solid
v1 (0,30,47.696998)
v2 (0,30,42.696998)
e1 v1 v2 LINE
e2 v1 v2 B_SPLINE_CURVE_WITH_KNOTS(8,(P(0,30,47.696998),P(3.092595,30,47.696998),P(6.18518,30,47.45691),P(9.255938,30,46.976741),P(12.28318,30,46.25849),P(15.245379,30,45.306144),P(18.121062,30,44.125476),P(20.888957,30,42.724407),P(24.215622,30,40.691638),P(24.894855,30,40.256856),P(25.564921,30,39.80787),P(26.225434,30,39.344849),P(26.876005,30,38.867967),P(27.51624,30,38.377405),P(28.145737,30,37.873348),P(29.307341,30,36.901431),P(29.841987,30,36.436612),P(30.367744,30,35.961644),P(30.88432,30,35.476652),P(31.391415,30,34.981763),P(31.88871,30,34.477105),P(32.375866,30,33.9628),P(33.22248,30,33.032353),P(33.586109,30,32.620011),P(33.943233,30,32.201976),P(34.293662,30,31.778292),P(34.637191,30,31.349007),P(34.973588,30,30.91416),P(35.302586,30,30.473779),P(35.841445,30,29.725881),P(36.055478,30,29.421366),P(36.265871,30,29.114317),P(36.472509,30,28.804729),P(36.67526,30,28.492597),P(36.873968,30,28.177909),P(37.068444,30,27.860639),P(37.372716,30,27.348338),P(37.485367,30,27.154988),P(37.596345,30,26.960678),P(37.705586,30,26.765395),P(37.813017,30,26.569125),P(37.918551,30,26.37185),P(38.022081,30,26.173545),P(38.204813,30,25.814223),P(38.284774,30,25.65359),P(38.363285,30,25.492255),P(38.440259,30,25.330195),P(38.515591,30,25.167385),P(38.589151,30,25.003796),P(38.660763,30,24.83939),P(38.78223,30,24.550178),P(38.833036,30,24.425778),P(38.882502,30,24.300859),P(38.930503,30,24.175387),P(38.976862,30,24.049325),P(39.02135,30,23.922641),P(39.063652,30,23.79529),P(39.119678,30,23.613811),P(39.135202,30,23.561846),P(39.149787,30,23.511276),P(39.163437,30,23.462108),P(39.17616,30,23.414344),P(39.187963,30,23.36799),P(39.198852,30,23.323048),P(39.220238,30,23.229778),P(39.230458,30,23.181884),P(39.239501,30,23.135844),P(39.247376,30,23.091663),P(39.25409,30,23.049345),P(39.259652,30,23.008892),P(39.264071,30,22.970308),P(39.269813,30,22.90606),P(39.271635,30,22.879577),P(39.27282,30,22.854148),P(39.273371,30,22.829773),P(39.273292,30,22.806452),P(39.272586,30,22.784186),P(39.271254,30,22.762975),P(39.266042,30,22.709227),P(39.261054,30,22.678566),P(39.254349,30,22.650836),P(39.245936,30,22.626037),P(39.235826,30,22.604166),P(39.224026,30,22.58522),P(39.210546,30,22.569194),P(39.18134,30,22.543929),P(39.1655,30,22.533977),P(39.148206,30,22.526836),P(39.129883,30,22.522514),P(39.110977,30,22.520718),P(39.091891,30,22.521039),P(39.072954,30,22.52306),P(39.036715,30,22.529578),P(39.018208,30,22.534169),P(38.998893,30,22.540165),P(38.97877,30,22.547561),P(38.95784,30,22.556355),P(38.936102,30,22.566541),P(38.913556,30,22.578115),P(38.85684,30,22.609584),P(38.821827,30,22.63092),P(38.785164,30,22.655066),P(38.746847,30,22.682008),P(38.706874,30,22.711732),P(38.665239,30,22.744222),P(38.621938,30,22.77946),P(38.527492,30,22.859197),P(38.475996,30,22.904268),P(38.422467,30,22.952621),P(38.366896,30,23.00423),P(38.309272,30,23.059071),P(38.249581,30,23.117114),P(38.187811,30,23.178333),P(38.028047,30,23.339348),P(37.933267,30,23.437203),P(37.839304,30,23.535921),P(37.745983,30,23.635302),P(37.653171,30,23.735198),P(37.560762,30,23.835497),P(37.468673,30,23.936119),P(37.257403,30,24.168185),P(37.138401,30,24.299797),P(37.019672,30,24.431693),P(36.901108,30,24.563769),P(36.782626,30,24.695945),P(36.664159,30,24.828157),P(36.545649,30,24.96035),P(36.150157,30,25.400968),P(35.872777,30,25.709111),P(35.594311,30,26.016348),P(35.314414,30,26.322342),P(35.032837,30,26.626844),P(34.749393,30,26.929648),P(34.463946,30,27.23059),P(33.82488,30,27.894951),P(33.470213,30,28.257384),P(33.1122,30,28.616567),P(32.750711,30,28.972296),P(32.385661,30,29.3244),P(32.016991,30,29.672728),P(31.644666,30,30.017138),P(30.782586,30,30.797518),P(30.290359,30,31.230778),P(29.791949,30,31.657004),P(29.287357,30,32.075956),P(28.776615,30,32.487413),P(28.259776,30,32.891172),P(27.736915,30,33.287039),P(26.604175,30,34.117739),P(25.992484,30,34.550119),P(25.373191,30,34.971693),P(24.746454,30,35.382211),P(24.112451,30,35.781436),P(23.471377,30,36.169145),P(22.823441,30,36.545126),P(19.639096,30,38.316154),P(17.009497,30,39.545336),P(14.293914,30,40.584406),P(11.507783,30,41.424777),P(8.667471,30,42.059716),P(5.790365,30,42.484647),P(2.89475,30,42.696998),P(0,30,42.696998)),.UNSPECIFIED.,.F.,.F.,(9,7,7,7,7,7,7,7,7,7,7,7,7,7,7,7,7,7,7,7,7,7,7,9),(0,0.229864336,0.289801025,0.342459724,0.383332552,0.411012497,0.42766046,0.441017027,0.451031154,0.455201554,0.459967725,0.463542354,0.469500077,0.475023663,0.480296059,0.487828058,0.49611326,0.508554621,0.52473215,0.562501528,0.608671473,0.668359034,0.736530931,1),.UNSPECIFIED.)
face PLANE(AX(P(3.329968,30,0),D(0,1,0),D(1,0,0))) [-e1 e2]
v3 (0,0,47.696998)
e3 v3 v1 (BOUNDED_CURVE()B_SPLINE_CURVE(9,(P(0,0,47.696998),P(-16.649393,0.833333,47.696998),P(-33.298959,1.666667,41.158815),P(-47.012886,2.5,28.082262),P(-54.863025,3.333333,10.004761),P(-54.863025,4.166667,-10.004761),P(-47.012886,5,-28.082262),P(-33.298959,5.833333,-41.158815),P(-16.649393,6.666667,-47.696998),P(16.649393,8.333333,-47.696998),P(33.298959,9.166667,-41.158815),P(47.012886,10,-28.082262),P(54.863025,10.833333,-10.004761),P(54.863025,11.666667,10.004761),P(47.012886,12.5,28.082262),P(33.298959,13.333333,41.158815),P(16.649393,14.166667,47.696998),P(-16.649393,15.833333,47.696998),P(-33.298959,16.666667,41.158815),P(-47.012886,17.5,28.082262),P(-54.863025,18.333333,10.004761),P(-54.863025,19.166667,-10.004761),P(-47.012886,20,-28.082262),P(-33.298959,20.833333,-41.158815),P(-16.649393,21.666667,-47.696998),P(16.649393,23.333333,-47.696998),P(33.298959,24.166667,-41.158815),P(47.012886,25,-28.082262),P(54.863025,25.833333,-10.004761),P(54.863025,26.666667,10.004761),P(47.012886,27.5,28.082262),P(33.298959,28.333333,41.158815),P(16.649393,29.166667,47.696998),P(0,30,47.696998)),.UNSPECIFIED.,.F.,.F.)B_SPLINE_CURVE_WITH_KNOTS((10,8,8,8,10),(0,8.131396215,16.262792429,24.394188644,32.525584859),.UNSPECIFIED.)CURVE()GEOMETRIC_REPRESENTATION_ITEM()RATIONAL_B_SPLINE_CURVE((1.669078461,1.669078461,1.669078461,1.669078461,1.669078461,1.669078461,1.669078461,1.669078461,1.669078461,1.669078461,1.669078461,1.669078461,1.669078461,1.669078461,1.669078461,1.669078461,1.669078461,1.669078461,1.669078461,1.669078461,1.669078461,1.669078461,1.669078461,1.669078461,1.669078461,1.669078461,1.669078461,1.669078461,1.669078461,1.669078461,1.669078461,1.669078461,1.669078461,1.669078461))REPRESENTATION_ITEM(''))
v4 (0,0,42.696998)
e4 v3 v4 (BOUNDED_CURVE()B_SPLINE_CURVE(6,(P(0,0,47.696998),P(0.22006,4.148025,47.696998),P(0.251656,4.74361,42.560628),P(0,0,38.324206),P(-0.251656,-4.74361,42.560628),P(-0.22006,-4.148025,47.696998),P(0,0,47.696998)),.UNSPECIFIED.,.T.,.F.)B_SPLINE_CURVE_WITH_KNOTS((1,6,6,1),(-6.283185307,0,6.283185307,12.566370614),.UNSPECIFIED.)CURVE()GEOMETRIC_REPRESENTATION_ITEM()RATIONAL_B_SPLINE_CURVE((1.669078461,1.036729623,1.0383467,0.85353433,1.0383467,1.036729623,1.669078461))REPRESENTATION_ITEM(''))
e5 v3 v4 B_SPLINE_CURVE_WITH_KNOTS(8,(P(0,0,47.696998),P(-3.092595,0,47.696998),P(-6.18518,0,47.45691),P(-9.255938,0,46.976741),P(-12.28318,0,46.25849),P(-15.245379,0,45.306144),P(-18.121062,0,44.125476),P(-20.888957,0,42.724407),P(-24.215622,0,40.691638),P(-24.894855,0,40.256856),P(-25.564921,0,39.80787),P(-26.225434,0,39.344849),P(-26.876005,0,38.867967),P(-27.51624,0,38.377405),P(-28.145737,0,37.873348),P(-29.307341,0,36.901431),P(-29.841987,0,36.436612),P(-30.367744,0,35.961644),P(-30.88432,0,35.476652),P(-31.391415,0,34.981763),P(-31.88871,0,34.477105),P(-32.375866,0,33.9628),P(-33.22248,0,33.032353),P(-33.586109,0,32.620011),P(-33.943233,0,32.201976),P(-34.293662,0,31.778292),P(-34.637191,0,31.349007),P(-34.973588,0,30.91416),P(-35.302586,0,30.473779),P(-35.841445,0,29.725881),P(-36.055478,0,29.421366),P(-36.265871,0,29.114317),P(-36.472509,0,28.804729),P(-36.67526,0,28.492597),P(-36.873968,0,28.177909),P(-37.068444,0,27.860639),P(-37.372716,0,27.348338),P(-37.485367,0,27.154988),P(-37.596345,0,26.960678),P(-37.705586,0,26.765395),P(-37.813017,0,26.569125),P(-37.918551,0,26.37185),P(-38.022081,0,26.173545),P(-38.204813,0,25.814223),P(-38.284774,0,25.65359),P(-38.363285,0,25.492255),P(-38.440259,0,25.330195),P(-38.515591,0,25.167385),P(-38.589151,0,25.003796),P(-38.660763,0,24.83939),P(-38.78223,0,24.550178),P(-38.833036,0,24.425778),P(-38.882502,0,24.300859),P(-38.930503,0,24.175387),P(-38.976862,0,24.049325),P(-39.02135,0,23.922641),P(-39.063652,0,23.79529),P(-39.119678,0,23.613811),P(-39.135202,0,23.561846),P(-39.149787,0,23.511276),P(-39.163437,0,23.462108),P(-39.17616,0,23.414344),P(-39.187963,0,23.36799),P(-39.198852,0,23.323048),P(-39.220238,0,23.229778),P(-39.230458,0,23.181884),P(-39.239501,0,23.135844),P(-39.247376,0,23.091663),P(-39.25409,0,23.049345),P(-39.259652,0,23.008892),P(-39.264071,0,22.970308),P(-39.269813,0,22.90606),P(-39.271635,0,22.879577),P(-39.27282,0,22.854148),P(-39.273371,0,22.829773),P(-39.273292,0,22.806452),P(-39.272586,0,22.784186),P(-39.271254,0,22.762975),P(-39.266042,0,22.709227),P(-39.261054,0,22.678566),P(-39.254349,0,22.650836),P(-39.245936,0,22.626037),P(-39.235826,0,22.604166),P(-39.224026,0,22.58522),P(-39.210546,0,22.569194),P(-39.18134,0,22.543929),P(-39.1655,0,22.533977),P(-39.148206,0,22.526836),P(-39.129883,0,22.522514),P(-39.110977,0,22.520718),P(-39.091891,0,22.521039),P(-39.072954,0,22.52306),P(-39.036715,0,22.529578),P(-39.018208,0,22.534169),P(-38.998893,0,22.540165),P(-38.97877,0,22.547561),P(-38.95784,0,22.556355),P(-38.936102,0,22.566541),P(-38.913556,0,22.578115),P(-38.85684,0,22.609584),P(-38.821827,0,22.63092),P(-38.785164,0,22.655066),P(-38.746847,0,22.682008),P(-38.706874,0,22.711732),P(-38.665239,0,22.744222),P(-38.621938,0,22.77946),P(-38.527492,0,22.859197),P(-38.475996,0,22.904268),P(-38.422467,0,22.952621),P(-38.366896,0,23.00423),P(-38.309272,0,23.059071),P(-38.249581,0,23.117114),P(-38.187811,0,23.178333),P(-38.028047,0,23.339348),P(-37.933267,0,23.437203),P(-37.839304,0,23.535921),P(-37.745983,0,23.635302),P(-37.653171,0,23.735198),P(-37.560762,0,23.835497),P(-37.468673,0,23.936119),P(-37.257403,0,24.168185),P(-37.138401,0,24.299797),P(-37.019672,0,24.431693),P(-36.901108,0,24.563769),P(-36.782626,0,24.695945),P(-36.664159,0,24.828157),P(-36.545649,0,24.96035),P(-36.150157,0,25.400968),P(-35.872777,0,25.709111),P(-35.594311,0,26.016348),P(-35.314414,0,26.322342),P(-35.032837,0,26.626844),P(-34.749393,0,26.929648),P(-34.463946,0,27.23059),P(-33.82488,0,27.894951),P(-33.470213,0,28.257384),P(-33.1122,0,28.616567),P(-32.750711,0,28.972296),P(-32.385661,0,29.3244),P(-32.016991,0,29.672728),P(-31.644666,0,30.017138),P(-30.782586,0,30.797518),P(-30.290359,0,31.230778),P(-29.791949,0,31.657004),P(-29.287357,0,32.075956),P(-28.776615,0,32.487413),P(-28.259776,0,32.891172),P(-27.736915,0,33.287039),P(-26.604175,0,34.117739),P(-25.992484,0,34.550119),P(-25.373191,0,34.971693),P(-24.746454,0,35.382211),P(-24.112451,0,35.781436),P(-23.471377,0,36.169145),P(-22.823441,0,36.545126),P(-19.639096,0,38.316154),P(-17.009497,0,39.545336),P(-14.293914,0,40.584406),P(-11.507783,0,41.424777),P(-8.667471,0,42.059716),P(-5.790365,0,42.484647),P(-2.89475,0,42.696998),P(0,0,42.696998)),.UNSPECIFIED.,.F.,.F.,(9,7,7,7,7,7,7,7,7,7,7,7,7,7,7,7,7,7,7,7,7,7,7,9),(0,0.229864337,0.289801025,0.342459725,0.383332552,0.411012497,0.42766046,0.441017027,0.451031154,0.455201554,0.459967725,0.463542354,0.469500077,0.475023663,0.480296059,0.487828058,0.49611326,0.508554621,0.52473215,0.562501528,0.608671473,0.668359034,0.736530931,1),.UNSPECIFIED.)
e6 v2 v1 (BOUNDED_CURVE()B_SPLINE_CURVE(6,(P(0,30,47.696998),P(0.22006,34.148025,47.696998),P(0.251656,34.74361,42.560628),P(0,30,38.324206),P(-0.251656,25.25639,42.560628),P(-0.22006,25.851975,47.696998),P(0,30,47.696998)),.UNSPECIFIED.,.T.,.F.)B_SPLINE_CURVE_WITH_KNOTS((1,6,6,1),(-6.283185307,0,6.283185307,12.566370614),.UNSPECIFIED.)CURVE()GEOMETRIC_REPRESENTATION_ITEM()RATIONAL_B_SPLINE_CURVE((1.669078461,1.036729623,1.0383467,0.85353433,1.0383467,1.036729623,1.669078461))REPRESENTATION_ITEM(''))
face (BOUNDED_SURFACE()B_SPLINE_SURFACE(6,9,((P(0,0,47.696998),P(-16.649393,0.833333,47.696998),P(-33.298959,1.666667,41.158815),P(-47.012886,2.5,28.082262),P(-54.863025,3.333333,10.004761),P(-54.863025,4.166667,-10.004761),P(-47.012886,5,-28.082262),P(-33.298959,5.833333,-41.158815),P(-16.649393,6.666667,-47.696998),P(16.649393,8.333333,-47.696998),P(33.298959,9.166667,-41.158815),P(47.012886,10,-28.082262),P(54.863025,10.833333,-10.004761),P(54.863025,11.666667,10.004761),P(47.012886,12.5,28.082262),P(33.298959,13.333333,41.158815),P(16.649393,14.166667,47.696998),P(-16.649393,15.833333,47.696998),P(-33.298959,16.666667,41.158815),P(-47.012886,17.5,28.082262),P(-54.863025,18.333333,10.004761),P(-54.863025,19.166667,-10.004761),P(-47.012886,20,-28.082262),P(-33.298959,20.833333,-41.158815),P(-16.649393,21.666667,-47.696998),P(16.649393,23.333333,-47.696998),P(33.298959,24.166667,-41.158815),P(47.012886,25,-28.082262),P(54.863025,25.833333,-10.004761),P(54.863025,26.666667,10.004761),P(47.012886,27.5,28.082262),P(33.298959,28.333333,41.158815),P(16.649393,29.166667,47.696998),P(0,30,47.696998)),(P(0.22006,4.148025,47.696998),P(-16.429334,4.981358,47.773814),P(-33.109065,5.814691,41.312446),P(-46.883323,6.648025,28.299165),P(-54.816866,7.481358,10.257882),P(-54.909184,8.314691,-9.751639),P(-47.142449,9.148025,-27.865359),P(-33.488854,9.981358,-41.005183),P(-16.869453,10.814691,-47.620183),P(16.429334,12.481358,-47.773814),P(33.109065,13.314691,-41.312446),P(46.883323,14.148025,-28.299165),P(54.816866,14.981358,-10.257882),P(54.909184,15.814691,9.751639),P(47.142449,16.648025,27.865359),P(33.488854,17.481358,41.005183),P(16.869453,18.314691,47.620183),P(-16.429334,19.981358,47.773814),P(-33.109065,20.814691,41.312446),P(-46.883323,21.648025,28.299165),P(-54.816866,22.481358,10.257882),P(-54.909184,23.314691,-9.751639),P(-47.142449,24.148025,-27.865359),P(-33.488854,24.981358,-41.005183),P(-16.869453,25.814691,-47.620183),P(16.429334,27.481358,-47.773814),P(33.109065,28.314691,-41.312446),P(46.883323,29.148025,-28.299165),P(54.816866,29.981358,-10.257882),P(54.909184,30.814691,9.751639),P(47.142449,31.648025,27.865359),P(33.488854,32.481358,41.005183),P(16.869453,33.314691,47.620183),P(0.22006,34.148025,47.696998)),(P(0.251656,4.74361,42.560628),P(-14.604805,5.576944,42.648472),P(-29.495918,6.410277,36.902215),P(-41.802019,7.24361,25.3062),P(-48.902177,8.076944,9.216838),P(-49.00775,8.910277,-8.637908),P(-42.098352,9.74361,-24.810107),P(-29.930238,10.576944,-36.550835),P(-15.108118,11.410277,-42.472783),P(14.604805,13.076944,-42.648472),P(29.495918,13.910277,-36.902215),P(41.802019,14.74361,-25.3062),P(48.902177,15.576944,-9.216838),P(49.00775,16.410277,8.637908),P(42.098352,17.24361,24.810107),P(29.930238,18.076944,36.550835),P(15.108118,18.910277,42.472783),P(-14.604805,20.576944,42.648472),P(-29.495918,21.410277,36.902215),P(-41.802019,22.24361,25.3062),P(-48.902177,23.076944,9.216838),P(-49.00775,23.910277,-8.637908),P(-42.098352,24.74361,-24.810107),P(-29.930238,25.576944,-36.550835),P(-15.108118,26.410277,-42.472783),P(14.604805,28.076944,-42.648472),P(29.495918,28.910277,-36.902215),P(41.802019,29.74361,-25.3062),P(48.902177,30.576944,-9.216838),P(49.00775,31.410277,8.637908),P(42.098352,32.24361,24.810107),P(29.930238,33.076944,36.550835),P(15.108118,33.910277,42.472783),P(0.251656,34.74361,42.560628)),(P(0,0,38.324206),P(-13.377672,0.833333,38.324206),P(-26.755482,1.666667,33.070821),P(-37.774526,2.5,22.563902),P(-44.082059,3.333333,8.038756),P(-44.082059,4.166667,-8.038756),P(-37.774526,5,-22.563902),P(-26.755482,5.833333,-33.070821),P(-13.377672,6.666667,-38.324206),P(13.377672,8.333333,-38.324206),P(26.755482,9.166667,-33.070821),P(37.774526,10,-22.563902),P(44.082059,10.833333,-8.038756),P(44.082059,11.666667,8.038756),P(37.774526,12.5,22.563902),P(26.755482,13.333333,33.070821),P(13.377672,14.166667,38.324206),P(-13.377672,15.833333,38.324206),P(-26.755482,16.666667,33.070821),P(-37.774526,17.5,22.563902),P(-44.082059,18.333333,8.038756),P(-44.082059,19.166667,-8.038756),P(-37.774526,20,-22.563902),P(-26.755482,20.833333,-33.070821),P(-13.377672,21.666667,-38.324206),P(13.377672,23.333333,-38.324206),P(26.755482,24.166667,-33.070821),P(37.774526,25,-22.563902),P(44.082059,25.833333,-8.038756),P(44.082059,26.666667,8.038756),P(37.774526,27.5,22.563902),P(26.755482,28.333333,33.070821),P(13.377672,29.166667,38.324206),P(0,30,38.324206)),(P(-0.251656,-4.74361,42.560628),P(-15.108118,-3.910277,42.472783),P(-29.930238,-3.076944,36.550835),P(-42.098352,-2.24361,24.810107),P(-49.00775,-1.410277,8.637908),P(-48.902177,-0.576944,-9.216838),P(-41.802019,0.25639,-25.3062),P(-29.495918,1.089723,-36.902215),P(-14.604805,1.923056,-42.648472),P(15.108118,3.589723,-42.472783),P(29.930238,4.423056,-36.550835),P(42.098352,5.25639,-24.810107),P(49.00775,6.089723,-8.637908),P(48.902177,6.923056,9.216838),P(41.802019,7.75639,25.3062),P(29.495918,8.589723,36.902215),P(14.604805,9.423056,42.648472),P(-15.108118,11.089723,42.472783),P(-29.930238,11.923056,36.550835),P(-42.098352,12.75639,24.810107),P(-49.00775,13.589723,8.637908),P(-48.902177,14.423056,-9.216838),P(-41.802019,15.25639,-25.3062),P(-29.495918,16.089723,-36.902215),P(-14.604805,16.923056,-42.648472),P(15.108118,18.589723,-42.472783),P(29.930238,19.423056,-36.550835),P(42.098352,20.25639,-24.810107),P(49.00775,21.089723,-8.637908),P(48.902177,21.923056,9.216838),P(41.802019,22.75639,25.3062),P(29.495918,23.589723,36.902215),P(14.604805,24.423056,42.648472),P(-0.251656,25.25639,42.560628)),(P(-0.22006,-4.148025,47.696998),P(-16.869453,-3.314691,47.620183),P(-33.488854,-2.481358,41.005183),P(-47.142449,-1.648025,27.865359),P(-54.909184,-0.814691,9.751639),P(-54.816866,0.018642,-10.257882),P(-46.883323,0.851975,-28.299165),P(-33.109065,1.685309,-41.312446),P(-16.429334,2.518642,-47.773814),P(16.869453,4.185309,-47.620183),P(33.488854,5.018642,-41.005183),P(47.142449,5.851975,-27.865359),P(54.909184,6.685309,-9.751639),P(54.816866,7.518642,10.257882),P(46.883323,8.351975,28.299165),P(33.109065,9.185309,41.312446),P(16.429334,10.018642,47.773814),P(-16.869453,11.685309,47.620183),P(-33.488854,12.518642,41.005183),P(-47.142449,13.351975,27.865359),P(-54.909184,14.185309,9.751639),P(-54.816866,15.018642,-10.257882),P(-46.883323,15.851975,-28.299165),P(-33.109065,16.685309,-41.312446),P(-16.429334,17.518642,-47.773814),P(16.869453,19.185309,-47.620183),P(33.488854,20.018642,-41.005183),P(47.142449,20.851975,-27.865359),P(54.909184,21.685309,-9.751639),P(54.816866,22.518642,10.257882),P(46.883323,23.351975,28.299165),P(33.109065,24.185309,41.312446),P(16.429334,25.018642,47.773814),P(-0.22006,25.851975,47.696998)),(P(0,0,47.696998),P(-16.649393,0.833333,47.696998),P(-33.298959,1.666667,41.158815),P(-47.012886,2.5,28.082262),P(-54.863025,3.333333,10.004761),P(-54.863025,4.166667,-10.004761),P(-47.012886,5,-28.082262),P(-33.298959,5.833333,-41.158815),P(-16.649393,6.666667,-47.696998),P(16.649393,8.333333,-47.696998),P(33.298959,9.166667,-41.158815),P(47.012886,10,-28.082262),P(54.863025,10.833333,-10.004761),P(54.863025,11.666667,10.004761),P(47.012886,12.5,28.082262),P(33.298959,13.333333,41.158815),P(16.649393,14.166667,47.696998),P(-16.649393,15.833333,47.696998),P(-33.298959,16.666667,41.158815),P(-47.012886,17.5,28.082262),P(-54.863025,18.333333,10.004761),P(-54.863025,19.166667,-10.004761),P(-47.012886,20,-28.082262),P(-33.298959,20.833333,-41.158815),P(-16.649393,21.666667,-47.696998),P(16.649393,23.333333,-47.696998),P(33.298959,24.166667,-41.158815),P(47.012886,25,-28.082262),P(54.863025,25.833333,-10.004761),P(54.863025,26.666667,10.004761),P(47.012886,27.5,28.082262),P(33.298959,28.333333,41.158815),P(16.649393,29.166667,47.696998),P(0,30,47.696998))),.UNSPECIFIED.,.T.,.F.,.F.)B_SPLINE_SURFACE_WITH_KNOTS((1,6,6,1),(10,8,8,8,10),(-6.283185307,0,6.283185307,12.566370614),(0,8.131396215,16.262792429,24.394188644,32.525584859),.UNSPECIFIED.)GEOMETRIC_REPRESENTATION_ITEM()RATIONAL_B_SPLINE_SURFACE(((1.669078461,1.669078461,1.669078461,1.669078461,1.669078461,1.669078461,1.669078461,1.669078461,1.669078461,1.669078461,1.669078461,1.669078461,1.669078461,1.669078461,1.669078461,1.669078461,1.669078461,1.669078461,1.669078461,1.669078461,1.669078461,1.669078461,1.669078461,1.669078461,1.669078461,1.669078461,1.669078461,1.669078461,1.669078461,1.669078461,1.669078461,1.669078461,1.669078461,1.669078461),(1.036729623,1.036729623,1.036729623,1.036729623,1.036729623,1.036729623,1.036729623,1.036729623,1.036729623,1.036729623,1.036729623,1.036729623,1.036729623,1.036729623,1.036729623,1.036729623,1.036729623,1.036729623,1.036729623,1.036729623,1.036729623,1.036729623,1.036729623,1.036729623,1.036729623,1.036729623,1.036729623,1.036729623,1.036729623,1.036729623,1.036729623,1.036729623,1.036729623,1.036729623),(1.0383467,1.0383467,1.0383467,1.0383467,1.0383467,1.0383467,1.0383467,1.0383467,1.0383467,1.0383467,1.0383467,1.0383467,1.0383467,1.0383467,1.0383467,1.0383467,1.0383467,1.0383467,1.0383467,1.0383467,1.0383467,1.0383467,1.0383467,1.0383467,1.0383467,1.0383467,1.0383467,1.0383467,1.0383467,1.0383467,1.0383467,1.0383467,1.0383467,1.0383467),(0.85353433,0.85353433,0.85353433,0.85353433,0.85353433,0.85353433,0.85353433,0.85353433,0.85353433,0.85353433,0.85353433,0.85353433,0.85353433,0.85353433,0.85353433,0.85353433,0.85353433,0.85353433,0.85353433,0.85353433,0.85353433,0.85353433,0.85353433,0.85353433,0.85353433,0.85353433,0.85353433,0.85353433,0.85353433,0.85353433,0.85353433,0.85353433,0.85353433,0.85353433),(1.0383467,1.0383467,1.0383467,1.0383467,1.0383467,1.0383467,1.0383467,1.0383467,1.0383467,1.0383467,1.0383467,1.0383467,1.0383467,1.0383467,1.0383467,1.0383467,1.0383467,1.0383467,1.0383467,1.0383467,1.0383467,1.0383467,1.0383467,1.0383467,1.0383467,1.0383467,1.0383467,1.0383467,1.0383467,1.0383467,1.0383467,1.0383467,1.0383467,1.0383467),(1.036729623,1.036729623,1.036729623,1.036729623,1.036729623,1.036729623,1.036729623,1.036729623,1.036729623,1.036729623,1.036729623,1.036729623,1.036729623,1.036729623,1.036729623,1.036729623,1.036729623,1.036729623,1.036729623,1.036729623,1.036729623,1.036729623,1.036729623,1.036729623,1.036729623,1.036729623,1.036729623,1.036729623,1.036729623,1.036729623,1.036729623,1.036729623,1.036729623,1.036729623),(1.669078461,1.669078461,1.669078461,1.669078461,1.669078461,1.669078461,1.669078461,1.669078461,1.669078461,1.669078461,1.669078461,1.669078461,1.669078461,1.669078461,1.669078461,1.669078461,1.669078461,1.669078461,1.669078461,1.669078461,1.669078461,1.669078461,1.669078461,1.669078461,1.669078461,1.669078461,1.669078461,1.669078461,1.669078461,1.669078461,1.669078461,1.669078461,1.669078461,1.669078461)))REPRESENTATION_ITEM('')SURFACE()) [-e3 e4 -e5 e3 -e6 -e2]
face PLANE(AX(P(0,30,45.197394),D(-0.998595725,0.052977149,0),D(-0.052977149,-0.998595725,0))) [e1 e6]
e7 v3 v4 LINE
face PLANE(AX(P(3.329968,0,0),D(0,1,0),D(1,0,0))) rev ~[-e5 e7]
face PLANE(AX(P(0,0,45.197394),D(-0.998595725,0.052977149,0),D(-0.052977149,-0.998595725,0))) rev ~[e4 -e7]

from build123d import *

# Parameters (mm, degrees)
SWEEP_1_PITCH       = 15
SWEEP_1_HEIGHT      = 30
SWEEP_1_RADIUS      = 45
SKETCH_3_R          = 2.5
SKETCH_4_W          = 134.192680268
SKETCH_4_H          = 135.515216118
CUT_EXTRUDE_1_DEPTH = 75.873418531
SKETCH_5_W          = 134.192680268
SKETCH_5_H          = 135.515216118
CUT_EXTRUDE_2_DEPTH = 75.873418531


with BuildPart() as part:
    # По траектории1: sweep along a helix
    with BuildLine() as sweep_1_path:
        Helix(SWEEP_1_PITCH, SWEEP_1_HEIGHT, SWEEP_1_RADIUS, center=(0, 0, 0), direction=(0, 1, 0), lefthand=True)
    # Эскиз3 → По траектории1 (sweep)
    with BuildSketch(Plane(origin=(0, 0, 45), x_dir=(0, 0, 1), z_dir=(-0.9985957248694318, 0.05297714858780133, 0))):
        with Locations((0.196998306, 0)):
            Circle(SKETCH_3_R)
    sweep(path=sweep_1_path.line, is_frenet=True)

    # Эскиз4 → Вырез-Вытянуть1 (cut, through all)
    with BuildSketch(Plane(origin=(0, 0, 0), x_dir=(1, 0, 0), z_dir=(0, 1, 0))):
        with Locations((3.329967917, 0)):
            Rectangle(SKETCH_4_W, SKETCH_4_H)
    extrude(amount=-CUT_EXTRUDE_1_DEPTH, mode=Mode.SUBTRACT)

    # Эскиз5 → Вырез-Вытянуть2 (cut, through all)
    with BuildSketch(Plane(origin=(0, 30, 0), x_dir=(1, 0, 0), z_dir=(0, 1, 0))):
        with Locations((3.329967917, 0)):
            Rectangle(SKETCH_5_W, SKETCH_5_H)
    extrude(amount=CUT_EXTRUDE_2_DEPTH, mode=Mode.SUBTRACT)


solid = part.part
